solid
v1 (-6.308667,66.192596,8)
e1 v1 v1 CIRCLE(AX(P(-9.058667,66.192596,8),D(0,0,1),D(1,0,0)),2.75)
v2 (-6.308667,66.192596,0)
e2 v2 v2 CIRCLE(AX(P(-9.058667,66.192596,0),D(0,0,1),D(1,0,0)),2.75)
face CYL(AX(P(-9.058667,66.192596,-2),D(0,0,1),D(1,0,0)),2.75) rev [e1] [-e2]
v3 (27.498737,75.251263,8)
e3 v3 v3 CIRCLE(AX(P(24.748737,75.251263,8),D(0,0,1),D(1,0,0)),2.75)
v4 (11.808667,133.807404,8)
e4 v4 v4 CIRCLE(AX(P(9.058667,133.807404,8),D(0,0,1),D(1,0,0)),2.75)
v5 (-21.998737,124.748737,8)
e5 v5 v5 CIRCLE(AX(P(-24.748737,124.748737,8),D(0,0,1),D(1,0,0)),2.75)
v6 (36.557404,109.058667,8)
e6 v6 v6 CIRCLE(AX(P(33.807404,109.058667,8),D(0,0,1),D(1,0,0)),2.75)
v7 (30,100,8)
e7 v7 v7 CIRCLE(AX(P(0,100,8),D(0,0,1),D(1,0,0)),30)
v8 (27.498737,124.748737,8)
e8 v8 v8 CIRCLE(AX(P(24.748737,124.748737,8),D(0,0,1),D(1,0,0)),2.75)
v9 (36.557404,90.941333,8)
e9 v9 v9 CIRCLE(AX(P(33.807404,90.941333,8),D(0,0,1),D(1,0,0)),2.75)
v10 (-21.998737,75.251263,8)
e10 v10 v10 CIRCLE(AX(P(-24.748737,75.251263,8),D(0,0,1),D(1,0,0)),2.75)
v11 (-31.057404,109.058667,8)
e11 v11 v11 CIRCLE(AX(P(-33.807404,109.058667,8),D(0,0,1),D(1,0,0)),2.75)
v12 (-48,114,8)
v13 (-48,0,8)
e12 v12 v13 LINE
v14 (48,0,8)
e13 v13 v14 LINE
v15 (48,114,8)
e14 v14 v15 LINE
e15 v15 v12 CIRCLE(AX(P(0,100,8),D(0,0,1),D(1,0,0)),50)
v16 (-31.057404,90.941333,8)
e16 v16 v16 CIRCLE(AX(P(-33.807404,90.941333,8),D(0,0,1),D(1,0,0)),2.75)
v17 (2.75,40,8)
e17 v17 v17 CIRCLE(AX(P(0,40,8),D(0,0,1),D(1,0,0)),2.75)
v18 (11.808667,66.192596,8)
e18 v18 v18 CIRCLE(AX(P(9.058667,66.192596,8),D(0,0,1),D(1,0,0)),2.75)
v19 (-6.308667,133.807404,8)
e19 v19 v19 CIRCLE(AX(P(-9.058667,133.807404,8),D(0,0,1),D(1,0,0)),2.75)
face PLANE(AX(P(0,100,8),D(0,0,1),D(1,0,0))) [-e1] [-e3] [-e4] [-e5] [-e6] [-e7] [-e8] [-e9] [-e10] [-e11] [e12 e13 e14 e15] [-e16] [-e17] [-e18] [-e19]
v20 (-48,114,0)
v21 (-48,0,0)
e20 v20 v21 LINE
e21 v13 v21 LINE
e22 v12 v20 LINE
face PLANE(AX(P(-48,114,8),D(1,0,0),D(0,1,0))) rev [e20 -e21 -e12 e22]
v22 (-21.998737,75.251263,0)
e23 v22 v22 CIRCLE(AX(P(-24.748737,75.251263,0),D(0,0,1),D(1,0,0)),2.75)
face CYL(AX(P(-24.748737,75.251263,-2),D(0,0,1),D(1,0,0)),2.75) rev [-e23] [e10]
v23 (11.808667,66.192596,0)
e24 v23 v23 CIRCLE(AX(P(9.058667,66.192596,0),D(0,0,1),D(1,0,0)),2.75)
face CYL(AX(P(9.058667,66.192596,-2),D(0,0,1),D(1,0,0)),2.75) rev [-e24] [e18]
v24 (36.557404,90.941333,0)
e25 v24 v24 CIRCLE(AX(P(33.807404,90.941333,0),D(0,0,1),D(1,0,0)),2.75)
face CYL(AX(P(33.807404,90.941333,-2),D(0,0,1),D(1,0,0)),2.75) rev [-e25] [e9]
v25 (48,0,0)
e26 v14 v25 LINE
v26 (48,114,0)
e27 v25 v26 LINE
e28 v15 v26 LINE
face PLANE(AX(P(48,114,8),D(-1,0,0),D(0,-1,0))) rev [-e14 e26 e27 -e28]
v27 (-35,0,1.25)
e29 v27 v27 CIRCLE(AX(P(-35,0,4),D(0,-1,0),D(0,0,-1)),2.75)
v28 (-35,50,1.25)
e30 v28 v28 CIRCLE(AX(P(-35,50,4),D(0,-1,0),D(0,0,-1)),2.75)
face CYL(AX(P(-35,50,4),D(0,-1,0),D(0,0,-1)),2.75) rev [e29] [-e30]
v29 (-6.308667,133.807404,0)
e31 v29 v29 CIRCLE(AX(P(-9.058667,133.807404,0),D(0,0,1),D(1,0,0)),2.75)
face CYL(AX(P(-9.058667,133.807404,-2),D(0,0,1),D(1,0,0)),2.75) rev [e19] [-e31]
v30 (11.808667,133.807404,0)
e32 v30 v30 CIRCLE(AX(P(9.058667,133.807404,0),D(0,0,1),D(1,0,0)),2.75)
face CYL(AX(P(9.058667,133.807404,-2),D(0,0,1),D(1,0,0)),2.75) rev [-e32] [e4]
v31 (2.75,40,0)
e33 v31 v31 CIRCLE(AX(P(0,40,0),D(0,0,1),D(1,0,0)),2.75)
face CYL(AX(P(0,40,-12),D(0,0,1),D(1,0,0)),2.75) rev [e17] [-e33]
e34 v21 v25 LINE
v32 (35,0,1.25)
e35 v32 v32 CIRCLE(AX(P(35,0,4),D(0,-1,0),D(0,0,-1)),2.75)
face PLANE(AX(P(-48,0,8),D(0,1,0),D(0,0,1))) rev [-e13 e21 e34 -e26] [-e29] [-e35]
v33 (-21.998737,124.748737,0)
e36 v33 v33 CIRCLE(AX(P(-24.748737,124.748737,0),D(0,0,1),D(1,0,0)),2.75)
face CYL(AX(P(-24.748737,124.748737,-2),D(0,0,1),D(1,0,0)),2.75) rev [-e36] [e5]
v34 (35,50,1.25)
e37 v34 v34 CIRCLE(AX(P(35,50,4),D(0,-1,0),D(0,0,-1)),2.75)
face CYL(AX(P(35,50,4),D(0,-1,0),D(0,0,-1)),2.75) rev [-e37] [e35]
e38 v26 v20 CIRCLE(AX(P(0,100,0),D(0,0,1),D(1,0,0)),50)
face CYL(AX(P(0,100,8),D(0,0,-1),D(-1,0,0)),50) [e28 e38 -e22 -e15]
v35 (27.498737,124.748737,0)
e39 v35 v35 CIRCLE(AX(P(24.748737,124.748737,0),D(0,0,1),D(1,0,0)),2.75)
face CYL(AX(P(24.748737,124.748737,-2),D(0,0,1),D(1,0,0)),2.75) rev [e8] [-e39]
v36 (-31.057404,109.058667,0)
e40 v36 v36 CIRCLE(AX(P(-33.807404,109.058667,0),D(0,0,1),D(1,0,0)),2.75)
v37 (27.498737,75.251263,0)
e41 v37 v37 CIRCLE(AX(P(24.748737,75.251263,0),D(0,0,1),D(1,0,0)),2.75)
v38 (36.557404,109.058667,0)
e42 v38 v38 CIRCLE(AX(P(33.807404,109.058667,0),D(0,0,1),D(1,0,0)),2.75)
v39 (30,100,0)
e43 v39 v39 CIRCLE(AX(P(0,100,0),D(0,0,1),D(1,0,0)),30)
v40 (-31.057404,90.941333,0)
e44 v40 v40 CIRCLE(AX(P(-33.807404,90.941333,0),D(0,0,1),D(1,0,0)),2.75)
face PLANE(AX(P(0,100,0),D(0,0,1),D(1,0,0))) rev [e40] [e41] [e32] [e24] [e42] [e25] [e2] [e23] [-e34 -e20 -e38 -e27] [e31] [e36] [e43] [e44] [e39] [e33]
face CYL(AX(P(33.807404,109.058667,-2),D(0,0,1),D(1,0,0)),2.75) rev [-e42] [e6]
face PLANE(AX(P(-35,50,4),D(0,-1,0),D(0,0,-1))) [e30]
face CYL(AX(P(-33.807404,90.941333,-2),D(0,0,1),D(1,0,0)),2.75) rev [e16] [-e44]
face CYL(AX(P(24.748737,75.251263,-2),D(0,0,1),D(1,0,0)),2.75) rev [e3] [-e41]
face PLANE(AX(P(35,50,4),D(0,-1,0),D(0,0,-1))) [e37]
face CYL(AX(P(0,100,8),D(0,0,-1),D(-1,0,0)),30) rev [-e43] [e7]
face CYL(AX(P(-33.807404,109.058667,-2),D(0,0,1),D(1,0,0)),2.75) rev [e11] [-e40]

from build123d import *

# Parameters (mm, degrees)
SKETCH_1_R          = 30
EXTRUDE_1_DEPTH     = 8
SKETCH_2_R          = 2.75
CUT_EXTRUDE_1_DEPTH = 50
SKETCH_3_R          = 2.75
CUT_EXTRUDE_2_DEPTH = 20
SKETCH_4_R          = 2.75
CUT_EXTRUDE_3_DEPTH = 10


with BuildPart() as part:
    # 草图1 → 凸台-拉伸1 (new body)
    with BuildSketch(Plane.XY):
        with BuildLine():
            Line((-48, 114), (-48, 0))
            Line((-48, 0), (48, 0))
            Line((48, 0), (48, 114))
            ThreePointArc((48, 114), (0, 150), (-48, 114))
        make_face()
        with Locations((0, 100)):
            Circle(SKETCH_1_R, mode=Mode.SUBTRACT)
    extrude(amount=EXTRUDE_1_DEPTH)

    # 草图2 → 切除-拉伸1 (cut)
    with BuildSketch(Plane.XZ):
        with Locations(Location((35, 4, 0), (0, 0, 270))):
            Circle(SKETCH_2_R)
        with Locations(Location((-35, 4, 0), (0, 0, 270))):
            Circle(SKETCH_2_R)
    extrude(amount=-CUT_EXTRUDE_1_DEPTH, mode=Mode.SUBTRACT)

    # 草图3 → 切除-拉伸2 (cut)
    with BuildSketch(Plane.XY.offset(8)):
        with Locations((0, 40)):
            Circle(SKETCH_3_R)
    extrude(amount=-CUT_EXTRUDE_2_DEPTH, mode=Mode.SUBTRACT)

    # 草图4 → 切除-拉伸3 (cut)
    with BuildSketch(Plane.XY.offset(8)):
        with Locations((9.058666579, 133.80740392)):
            Circle(SKETCH_4_R)
        with Locations((24.748737342, 124.748737342)):
            Circle(SKETCH_4_R)
        with Locations((33.80740392, 109.058666579)):
            Circle(SKETCH_4_R)
        with Locations((33.80740392, 90.941333421)):
            Circle(SKETCH_4_R)
        with Locations((24.748737342, 75.251262658)):
            Circle(SKETCH_4_R)
        with Locations((9.058666579, 66.19259608)):
            Circle(SKETCH_4_R)
        with Locations((-9.058666579, 66.19259608)):
            Circle(SKETCH_4_R)
        with Locations((-24.748737342, 75.251262658)):
            Circle(SKETCH_4_R)
        with Locations((-33.80740392, 90.941333421)):
            Circle(SKETCH_4_R)
        with Locations((-33.80740392, 109.058666579)):
            Circle(SKETCH_4_R)
        with Locations((-24.748737342, 124.748737342)):
            Circle(SKETCH_4_R)
        with Locations((-9.058666579, 133.80740392)):
            Circle(SKETCH_4_R)
    extrude(amount=-CUT_EXTRUDE_3_DEPTH, mode=Mode.SUBTRACT)


solid = part.part
